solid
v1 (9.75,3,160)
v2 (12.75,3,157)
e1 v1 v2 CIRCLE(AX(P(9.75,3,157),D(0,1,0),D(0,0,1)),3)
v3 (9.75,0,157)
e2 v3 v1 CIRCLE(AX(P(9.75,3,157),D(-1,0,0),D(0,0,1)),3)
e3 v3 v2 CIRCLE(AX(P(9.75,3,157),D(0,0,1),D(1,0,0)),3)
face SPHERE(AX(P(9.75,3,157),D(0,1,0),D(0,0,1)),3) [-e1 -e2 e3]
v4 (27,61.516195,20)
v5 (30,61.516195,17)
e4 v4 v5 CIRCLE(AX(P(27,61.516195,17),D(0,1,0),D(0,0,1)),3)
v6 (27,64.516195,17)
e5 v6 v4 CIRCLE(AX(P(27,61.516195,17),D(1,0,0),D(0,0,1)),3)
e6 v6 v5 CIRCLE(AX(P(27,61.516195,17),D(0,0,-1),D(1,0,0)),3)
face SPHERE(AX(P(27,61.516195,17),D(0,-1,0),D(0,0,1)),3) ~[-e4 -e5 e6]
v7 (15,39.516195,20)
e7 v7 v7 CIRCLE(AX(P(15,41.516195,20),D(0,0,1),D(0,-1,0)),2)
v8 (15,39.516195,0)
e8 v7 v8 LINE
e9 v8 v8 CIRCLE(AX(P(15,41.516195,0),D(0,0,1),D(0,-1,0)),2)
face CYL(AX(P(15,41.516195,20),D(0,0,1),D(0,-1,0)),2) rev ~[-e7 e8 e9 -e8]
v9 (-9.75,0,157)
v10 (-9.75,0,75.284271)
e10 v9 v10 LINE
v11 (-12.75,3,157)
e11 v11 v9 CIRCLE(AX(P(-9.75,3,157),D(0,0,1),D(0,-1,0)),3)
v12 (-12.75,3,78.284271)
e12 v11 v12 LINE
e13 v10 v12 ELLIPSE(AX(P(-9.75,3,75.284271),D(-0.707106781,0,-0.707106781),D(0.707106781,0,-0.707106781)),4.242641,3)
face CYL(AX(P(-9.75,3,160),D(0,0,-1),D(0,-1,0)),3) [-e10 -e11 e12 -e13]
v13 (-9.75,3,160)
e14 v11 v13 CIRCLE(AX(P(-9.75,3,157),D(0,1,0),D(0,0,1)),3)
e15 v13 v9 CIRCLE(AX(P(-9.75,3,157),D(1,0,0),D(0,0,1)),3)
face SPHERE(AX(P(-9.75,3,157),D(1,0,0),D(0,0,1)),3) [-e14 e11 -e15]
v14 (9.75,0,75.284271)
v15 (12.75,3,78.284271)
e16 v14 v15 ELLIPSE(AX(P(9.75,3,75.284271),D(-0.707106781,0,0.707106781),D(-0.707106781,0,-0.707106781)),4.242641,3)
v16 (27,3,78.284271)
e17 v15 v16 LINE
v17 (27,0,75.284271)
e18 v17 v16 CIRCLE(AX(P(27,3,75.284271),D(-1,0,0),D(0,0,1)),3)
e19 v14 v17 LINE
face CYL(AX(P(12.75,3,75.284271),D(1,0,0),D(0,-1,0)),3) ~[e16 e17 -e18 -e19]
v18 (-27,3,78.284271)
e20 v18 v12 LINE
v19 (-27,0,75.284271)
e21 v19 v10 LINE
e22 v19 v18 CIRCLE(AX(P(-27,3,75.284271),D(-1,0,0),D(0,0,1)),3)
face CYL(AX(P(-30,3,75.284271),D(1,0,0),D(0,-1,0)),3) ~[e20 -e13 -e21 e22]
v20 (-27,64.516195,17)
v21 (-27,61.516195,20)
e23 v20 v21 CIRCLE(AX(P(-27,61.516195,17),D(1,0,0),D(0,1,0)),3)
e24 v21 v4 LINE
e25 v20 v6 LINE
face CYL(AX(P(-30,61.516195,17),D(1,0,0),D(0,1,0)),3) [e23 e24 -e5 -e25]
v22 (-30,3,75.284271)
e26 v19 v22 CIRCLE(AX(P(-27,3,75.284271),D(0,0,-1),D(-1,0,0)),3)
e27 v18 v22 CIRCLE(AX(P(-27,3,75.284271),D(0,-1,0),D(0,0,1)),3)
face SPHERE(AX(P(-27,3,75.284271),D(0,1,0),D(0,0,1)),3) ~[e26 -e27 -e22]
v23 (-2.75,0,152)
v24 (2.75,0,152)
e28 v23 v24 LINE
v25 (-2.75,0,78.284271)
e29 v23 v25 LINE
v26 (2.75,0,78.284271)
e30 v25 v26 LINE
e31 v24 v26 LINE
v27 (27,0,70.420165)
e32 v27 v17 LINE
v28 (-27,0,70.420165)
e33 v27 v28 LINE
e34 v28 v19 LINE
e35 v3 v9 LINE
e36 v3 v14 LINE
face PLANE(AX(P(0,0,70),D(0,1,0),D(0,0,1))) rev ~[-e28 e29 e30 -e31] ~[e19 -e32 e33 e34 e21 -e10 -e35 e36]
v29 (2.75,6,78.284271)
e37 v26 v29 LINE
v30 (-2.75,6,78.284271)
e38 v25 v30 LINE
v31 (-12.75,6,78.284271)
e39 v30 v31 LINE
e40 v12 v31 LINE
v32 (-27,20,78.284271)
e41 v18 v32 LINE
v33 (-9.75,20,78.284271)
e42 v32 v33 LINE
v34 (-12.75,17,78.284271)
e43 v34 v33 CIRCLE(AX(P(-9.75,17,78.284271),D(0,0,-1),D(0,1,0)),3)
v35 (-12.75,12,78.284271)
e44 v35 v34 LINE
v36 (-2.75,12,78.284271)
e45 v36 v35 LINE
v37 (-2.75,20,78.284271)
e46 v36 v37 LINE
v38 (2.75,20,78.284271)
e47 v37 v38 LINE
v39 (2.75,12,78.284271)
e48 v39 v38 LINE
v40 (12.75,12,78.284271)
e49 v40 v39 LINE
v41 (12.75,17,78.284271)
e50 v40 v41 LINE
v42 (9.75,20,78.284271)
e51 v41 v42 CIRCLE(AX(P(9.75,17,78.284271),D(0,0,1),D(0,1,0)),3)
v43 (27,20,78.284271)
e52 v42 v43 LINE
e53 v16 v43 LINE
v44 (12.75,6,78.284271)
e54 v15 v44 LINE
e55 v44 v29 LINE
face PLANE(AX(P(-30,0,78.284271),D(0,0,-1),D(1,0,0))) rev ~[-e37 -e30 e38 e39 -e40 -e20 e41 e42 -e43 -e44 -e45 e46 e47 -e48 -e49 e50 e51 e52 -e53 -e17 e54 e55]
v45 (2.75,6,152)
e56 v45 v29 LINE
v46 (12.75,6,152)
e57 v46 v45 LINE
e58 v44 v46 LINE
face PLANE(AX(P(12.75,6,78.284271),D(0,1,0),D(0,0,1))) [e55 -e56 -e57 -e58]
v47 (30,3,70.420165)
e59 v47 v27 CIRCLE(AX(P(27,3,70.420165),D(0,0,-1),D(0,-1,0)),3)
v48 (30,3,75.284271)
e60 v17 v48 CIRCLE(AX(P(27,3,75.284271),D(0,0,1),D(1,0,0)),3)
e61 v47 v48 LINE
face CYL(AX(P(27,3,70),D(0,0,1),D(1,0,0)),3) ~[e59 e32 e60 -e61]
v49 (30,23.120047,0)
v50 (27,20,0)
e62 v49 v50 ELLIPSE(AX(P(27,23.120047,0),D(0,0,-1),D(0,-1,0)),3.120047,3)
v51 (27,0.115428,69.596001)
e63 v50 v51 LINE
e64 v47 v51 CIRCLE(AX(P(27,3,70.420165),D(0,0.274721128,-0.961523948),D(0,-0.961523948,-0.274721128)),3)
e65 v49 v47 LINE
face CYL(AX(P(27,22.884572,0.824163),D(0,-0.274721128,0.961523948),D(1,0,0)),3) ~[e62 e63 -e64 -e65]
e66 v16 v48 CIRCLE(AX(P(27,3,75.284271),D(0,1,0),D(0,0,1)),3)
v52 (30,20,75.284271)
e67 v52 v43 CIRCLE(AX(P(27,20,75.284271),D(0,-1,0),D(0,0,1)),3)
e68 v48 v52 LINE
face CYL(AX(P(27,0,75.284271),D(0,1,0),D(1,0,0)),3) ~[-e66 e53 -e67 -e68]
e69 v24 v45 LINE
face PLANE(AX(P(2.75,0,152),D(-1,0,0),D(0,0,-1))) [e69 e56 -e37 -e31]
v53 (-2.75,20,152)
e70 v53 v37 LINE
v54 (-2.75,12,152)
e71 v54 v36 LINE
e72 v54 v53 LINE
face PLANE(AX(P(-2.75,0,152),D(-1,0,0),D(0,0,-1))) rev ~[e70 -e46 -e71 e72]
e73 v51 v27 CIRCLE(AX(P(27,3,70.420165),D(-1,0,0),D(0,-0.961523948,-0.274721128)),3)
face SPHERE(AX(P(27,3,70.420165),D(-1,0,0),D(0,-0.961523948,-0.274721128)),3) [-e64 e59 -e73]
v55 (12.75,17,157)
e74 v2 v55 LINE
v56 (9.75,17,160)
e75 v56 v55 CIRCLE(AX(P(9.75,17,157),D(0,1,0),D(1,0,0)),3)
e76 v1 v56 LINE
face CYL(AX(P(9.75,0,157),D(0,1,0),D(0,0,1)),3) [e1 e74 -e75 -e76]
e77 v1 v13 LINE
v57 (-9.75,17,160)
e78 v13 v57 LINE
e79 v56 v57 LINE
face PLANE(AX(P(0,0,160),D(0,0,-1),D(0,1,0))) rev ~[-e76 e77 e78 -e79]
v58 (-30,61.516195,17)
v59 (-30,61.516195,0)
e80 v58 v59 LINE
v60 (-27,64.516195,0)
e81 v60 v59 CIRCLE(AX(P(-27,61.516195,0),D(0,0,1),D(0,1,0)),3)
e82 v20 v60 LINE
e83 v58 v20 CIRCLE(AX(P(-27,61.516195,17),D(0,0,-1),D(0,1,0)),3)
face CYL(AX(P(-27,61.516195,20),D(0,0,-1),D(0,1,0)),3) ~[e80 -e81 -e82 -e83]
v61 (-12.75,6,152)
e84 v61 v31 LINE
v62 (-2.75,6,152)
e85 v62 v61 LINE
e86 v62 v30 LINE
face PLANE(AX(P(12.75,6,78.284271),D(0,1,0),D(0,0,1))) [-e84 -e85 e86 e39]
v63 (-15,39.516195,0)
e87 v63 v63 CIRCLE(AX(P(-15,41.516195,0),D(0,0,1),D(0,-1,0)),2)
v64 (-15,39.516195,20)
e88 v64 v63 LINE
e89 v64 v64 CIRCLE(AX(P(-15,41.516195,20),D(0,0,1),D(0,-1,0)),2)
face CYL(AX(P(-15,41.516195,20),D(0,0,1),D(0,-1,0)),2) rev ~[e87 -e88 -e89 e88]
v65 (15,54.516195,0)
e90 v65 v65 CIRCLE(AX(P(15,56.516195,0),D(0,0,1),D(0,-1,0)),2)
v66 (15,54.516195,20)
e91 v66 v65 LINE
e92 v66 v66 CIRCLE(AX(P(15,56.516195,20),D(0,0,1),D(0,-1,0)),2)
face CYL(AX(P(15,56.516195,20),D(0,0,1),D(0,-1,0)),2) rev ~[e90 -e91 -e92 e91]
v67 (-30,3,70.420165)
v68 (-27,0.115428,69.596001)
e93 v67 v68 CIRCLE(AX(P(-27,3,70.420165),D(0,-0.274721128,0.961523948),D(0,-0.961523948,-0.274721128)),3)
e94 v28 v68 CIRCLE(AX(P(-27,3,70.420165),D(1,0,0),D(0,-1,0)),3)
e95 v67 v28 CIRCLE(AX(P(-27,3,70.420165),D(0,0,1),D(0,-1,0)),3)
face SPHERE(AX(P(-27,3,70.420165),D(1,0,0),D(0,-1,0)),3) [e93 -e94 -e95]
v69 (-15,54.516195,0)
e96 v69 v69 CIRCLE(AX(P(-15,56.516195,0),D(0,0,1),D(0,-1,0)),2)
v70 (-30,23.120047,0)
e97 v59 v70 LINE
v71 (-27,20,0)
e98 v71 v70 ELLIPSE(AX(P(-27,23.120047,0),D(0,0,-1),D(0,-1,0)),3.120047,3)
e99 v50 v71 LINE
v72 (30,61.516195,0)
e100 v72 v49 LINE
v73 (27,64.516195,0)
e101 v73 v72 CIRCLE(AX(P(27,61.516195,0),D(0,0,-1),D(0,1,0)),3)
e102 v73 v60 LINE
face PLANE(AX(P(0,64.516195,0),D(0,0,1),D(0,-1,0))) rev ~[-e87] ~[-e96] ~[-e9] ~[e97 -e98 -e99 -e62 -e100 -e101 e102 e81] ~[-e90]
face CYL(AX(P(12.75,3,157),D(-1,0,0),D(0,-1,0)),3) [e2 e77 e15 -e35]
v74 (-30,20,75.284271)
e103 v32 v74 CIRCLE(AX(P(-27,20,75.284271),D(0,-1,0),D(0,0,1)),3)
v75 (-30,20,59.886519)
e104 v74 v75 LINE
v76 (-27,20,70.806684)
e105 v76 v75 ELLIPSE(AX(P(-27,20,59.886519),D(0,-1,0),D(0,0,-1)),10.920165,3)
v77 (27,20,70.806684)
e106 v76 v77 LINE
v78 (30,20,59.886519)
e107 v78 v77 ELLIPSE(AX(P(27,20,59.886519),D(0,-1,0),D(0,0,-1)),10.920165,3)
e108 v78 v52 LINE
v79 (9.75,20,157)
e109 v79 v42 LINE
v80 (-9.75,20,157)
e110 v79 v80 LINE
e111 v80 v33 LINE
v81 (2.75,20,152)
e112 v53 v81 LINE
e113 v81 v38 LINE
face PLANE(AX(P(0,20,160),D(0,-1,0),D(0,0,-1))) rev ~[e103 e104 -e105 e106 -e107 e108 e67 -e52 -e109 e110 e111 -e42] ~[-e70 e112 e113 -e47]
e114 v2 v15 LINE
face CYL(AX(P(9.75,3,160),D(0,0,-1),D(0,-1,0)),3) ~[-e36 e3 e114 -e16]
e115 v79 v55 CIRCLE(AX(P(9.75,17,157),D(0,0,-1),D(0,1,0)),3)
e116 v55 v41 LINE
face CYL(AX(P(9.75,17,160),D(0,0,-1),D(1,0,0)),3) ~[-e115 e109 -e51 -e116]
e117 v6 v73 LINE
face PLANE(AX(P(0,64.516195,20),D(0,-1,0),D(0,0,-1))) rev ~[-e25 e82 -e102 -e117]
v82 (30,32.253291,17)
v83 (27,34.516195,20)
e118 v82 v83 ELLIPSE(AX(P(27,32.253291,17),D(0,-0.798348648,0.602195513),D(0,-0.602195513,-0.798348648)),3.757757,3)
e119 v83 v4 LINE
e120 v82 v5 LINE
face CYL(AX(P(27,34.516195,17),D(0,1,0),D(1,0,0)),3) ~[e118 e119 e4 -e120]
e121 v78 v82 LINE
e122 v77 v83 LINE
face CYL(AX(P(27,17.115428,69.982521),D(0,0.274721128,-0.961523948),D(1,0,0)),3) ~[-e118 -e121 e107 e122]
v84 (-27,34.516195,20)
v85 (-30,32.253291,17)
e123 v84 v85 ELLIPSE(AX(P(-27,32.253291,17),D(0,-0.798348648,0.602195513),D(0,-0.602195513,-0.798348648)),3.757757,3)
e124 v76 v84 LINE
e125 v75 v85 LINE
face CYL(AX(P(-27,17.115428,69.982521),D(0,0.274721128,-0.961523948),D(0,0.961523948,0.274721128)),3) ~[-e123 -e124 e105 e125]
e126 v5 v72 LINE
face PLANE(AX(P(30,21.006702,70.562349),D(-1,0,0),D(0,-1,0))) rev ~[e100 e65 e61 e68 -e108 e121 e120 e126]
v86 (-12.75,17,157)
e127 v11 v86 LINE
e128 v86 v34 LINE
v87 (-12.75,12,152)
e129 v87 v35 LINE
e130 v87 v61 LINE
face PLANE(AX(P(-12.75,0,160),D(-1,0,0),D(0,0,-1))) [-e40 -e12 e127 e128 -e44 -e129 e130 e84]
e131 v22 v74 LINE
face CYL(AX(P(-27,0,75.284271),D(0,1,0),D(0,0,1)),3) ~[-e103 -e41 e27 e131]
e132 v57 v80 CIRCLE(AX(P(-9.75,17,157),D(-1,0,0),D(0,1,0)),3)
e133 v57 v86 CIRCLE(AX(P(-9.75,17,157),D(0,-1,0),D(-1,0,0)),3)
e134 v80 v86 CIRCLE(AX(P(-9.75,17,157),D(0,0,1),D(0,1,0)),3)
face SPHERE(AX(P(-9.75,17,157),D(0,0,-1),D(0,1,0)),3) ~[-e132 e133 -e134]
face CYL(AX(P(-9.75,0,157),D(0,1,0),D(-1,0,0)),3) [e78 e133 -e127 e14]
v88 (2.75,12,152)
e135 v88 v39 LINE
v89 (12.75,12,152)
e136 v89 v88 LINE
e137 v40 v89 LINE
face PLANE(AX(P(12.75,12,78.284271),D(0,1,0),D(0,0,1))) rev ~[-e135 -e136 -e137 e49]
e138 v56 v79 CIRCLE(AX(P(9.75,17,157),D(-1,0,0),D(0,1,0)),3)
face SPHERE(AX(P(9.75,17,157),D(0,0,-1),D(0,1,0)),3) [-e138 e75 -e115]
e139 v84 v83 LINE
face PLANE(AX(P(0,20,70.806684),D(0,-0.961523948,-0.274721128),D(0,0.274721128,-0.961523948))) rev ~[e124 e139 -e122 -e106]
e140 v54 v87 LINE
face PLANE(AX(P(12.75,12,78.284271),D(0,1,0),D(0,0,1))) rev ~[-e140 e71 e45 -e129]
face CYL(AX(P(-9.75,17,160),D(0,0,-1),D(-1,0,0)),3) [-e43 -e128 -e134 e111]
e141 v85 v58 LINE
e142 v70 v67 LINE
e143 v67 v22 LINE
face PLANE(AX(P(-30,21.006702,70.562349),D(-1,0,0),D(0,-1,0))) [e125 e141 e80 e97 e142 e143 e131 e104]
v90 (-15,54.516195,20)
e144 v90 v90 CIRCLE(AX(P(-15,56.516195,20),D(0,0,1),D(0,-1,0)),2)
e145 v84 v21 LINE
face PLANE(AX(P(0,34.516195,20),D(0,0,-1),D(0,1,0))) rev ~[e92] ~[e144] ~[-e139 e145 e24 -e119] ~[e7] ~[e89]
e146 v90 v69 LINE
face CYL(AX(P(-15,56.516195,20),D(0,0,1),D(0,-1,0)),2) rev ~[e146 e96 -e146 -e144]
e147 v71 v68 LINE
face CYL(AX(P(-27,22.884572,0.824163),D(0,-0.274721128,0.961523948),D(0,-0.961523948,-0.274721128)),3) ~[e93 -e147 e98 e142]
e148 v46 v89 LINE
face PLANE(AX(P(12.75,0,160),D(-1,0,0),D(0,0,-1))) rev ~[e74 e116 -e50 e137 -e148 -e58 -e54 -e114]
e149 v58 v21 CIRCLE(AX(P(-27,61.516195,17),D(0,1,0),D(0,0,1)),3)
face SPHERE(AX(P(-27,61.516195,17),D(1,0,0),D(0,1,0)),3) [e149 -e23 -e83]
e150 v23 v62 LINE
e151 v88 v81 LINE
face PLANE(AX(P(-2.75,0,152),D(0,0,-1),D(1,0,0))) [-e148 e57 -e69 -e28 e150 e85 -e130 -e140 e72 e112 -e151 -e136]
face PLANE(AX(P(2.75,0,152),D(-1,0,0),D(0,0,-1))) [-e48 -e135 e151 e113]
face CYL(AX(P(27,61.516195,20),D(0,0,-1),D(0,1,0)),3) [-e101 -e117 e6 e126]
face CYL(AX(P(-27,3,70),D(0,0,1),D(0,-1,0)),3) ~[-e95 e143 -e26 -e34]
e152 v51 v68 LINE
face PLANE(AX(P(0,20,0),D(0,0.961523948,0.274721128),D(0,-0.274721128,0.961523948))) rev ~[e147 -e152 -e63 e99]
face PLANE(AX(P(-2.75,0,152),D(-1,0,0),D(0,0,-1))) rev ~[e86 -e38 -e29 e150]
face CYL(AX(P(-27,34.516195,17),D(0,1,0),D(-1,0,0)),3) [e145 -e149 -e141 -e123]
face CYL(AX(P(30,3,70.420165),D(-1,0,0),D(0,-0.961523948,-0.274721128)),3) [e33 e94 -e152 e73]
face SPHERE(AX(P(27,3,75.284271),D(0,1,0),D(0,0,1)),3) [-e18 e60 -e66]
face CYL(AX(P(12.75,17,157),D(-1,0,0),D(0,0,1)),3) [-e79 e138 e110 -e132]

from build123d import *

# Parameters (mm, degrees)
PAD_DEPTH       = 30
SKETCH001_R     = 2
POCKET_DEPTH    = 50
SKETCH002_W     = 81.7157287525
SKETCH002_H     = 17.25
SKETCH002_W_2   = 73.7157287525
SKETCH002_H_2   = 5.5
POCKET001_DEPTH = 50
SKETCH003_W     = 6
SKETCH003_H     = 73.7157287525
POCKET002_DEPTH = 50
FILLET_R        = 3


with BuildPart() as part:
    # Sketch → Pad (new body, symmetric)
    with BuildSketch(Plane.YZ):
        Polygon((64.5161954169, 20), (64.5161954169, 0), (20, 0), (0, 70), (0, 160), (20, 160), (20, 70.8066839593), (34.5161954169, 20), align=None)
    extrude(amount=PAD_DEPTH, both=True)

    # Sketch001 (on Face3 of Pad) → Pocket (cut)
    with BuildSketch(Plane(origin=(0, 0, 20), x_dir=(0, -1, 0), z_dir=(0, 0, 1))):
        with Locations((-56.5161954169, -15)):
            Circle(SKETCH001_R)
        with Locations((-56.5161954169, 15)):
            Circle(SKETCH001_R)
        with Locations((-41.5161954169, 15)):
            Circle(SKETCH001_R)
        with Locations((-41.5161954169, -15)):
            Circle(SKETCH001_R)
    extrude(amount=-POCKET_DEPTH, mode=Mode.SUBTRACT)

    # Sketch002 (on Face6 of Pocket) → Pocket001 (cut)
    with BuildSketch(Plane(origin=(0, 0, 0), x_dir=(0, 0, -1), z_dir=(0, -1, 0))):
        with Locations((-119.1421356237, 21.375)):
            Rectangle(SKETCH002_W, SKETCH002_H)
        with Locations((-119.1421356237, -21.375)):
            Rectangle(SKETCH002_W, SKETCH002_H)
        with Locations((-115.1421356237, 0)):
            Rectangle(SKETCH002_W_2, SKETCH002_H_2)
    extrude(amount=-POCKET001_DEPTH, mode=Mode.SUBTRACT)

    # Sketch003 (on Face8 of Pocket001) → Pocket002 (cut)
    with BuildSketch(Plane.YZ.offset(12.75)):
        with Locations((9, 115.1421356237)):
            Rectangle(SKETCH003_W, SKETCH003_H)
    extrude(amount=-POCKET002_DEPTH, mode=Mode.SUBTRACT)

    # Fillet
    fillet_edges = [part.edges().sort_by_distance(p)[0] for p in [
        (30, 27.258098, 45.403342),
        (-30, 27.258098, 45.403342),
        (30, 49.516195, 20),
        (0, 64.516195, 20),
        (-30, 64.516195, 10),
        (-30, 49.516195, 20),
        (30, 64.516195, 10),
        (12.75, 20, 119.142136),
        (-12.75, 20, 119.142136),
        (0, 20, 160),
        (12.75, 10, 160),
        (0, 0, 160),
        (-12.75, 10, 160),
        (12.75, 0, 119.142136),
        (30, 10, 78.284271),
        (21.375, 0, 78.284271),
        (-12.75, 0, 119.142136),
        (-30, 10, 78.284271),
        (-21.375, 0, 78.284271),
        (-30, 0, 74.142136),
        (-30, 10, 35),
        (0, 0, 70),
        (30, 10, 35),
        (30, 0, 74.142136),
    ]]
    fillet(fillet_edges, radius=FILLET_R)


solid = part.part
